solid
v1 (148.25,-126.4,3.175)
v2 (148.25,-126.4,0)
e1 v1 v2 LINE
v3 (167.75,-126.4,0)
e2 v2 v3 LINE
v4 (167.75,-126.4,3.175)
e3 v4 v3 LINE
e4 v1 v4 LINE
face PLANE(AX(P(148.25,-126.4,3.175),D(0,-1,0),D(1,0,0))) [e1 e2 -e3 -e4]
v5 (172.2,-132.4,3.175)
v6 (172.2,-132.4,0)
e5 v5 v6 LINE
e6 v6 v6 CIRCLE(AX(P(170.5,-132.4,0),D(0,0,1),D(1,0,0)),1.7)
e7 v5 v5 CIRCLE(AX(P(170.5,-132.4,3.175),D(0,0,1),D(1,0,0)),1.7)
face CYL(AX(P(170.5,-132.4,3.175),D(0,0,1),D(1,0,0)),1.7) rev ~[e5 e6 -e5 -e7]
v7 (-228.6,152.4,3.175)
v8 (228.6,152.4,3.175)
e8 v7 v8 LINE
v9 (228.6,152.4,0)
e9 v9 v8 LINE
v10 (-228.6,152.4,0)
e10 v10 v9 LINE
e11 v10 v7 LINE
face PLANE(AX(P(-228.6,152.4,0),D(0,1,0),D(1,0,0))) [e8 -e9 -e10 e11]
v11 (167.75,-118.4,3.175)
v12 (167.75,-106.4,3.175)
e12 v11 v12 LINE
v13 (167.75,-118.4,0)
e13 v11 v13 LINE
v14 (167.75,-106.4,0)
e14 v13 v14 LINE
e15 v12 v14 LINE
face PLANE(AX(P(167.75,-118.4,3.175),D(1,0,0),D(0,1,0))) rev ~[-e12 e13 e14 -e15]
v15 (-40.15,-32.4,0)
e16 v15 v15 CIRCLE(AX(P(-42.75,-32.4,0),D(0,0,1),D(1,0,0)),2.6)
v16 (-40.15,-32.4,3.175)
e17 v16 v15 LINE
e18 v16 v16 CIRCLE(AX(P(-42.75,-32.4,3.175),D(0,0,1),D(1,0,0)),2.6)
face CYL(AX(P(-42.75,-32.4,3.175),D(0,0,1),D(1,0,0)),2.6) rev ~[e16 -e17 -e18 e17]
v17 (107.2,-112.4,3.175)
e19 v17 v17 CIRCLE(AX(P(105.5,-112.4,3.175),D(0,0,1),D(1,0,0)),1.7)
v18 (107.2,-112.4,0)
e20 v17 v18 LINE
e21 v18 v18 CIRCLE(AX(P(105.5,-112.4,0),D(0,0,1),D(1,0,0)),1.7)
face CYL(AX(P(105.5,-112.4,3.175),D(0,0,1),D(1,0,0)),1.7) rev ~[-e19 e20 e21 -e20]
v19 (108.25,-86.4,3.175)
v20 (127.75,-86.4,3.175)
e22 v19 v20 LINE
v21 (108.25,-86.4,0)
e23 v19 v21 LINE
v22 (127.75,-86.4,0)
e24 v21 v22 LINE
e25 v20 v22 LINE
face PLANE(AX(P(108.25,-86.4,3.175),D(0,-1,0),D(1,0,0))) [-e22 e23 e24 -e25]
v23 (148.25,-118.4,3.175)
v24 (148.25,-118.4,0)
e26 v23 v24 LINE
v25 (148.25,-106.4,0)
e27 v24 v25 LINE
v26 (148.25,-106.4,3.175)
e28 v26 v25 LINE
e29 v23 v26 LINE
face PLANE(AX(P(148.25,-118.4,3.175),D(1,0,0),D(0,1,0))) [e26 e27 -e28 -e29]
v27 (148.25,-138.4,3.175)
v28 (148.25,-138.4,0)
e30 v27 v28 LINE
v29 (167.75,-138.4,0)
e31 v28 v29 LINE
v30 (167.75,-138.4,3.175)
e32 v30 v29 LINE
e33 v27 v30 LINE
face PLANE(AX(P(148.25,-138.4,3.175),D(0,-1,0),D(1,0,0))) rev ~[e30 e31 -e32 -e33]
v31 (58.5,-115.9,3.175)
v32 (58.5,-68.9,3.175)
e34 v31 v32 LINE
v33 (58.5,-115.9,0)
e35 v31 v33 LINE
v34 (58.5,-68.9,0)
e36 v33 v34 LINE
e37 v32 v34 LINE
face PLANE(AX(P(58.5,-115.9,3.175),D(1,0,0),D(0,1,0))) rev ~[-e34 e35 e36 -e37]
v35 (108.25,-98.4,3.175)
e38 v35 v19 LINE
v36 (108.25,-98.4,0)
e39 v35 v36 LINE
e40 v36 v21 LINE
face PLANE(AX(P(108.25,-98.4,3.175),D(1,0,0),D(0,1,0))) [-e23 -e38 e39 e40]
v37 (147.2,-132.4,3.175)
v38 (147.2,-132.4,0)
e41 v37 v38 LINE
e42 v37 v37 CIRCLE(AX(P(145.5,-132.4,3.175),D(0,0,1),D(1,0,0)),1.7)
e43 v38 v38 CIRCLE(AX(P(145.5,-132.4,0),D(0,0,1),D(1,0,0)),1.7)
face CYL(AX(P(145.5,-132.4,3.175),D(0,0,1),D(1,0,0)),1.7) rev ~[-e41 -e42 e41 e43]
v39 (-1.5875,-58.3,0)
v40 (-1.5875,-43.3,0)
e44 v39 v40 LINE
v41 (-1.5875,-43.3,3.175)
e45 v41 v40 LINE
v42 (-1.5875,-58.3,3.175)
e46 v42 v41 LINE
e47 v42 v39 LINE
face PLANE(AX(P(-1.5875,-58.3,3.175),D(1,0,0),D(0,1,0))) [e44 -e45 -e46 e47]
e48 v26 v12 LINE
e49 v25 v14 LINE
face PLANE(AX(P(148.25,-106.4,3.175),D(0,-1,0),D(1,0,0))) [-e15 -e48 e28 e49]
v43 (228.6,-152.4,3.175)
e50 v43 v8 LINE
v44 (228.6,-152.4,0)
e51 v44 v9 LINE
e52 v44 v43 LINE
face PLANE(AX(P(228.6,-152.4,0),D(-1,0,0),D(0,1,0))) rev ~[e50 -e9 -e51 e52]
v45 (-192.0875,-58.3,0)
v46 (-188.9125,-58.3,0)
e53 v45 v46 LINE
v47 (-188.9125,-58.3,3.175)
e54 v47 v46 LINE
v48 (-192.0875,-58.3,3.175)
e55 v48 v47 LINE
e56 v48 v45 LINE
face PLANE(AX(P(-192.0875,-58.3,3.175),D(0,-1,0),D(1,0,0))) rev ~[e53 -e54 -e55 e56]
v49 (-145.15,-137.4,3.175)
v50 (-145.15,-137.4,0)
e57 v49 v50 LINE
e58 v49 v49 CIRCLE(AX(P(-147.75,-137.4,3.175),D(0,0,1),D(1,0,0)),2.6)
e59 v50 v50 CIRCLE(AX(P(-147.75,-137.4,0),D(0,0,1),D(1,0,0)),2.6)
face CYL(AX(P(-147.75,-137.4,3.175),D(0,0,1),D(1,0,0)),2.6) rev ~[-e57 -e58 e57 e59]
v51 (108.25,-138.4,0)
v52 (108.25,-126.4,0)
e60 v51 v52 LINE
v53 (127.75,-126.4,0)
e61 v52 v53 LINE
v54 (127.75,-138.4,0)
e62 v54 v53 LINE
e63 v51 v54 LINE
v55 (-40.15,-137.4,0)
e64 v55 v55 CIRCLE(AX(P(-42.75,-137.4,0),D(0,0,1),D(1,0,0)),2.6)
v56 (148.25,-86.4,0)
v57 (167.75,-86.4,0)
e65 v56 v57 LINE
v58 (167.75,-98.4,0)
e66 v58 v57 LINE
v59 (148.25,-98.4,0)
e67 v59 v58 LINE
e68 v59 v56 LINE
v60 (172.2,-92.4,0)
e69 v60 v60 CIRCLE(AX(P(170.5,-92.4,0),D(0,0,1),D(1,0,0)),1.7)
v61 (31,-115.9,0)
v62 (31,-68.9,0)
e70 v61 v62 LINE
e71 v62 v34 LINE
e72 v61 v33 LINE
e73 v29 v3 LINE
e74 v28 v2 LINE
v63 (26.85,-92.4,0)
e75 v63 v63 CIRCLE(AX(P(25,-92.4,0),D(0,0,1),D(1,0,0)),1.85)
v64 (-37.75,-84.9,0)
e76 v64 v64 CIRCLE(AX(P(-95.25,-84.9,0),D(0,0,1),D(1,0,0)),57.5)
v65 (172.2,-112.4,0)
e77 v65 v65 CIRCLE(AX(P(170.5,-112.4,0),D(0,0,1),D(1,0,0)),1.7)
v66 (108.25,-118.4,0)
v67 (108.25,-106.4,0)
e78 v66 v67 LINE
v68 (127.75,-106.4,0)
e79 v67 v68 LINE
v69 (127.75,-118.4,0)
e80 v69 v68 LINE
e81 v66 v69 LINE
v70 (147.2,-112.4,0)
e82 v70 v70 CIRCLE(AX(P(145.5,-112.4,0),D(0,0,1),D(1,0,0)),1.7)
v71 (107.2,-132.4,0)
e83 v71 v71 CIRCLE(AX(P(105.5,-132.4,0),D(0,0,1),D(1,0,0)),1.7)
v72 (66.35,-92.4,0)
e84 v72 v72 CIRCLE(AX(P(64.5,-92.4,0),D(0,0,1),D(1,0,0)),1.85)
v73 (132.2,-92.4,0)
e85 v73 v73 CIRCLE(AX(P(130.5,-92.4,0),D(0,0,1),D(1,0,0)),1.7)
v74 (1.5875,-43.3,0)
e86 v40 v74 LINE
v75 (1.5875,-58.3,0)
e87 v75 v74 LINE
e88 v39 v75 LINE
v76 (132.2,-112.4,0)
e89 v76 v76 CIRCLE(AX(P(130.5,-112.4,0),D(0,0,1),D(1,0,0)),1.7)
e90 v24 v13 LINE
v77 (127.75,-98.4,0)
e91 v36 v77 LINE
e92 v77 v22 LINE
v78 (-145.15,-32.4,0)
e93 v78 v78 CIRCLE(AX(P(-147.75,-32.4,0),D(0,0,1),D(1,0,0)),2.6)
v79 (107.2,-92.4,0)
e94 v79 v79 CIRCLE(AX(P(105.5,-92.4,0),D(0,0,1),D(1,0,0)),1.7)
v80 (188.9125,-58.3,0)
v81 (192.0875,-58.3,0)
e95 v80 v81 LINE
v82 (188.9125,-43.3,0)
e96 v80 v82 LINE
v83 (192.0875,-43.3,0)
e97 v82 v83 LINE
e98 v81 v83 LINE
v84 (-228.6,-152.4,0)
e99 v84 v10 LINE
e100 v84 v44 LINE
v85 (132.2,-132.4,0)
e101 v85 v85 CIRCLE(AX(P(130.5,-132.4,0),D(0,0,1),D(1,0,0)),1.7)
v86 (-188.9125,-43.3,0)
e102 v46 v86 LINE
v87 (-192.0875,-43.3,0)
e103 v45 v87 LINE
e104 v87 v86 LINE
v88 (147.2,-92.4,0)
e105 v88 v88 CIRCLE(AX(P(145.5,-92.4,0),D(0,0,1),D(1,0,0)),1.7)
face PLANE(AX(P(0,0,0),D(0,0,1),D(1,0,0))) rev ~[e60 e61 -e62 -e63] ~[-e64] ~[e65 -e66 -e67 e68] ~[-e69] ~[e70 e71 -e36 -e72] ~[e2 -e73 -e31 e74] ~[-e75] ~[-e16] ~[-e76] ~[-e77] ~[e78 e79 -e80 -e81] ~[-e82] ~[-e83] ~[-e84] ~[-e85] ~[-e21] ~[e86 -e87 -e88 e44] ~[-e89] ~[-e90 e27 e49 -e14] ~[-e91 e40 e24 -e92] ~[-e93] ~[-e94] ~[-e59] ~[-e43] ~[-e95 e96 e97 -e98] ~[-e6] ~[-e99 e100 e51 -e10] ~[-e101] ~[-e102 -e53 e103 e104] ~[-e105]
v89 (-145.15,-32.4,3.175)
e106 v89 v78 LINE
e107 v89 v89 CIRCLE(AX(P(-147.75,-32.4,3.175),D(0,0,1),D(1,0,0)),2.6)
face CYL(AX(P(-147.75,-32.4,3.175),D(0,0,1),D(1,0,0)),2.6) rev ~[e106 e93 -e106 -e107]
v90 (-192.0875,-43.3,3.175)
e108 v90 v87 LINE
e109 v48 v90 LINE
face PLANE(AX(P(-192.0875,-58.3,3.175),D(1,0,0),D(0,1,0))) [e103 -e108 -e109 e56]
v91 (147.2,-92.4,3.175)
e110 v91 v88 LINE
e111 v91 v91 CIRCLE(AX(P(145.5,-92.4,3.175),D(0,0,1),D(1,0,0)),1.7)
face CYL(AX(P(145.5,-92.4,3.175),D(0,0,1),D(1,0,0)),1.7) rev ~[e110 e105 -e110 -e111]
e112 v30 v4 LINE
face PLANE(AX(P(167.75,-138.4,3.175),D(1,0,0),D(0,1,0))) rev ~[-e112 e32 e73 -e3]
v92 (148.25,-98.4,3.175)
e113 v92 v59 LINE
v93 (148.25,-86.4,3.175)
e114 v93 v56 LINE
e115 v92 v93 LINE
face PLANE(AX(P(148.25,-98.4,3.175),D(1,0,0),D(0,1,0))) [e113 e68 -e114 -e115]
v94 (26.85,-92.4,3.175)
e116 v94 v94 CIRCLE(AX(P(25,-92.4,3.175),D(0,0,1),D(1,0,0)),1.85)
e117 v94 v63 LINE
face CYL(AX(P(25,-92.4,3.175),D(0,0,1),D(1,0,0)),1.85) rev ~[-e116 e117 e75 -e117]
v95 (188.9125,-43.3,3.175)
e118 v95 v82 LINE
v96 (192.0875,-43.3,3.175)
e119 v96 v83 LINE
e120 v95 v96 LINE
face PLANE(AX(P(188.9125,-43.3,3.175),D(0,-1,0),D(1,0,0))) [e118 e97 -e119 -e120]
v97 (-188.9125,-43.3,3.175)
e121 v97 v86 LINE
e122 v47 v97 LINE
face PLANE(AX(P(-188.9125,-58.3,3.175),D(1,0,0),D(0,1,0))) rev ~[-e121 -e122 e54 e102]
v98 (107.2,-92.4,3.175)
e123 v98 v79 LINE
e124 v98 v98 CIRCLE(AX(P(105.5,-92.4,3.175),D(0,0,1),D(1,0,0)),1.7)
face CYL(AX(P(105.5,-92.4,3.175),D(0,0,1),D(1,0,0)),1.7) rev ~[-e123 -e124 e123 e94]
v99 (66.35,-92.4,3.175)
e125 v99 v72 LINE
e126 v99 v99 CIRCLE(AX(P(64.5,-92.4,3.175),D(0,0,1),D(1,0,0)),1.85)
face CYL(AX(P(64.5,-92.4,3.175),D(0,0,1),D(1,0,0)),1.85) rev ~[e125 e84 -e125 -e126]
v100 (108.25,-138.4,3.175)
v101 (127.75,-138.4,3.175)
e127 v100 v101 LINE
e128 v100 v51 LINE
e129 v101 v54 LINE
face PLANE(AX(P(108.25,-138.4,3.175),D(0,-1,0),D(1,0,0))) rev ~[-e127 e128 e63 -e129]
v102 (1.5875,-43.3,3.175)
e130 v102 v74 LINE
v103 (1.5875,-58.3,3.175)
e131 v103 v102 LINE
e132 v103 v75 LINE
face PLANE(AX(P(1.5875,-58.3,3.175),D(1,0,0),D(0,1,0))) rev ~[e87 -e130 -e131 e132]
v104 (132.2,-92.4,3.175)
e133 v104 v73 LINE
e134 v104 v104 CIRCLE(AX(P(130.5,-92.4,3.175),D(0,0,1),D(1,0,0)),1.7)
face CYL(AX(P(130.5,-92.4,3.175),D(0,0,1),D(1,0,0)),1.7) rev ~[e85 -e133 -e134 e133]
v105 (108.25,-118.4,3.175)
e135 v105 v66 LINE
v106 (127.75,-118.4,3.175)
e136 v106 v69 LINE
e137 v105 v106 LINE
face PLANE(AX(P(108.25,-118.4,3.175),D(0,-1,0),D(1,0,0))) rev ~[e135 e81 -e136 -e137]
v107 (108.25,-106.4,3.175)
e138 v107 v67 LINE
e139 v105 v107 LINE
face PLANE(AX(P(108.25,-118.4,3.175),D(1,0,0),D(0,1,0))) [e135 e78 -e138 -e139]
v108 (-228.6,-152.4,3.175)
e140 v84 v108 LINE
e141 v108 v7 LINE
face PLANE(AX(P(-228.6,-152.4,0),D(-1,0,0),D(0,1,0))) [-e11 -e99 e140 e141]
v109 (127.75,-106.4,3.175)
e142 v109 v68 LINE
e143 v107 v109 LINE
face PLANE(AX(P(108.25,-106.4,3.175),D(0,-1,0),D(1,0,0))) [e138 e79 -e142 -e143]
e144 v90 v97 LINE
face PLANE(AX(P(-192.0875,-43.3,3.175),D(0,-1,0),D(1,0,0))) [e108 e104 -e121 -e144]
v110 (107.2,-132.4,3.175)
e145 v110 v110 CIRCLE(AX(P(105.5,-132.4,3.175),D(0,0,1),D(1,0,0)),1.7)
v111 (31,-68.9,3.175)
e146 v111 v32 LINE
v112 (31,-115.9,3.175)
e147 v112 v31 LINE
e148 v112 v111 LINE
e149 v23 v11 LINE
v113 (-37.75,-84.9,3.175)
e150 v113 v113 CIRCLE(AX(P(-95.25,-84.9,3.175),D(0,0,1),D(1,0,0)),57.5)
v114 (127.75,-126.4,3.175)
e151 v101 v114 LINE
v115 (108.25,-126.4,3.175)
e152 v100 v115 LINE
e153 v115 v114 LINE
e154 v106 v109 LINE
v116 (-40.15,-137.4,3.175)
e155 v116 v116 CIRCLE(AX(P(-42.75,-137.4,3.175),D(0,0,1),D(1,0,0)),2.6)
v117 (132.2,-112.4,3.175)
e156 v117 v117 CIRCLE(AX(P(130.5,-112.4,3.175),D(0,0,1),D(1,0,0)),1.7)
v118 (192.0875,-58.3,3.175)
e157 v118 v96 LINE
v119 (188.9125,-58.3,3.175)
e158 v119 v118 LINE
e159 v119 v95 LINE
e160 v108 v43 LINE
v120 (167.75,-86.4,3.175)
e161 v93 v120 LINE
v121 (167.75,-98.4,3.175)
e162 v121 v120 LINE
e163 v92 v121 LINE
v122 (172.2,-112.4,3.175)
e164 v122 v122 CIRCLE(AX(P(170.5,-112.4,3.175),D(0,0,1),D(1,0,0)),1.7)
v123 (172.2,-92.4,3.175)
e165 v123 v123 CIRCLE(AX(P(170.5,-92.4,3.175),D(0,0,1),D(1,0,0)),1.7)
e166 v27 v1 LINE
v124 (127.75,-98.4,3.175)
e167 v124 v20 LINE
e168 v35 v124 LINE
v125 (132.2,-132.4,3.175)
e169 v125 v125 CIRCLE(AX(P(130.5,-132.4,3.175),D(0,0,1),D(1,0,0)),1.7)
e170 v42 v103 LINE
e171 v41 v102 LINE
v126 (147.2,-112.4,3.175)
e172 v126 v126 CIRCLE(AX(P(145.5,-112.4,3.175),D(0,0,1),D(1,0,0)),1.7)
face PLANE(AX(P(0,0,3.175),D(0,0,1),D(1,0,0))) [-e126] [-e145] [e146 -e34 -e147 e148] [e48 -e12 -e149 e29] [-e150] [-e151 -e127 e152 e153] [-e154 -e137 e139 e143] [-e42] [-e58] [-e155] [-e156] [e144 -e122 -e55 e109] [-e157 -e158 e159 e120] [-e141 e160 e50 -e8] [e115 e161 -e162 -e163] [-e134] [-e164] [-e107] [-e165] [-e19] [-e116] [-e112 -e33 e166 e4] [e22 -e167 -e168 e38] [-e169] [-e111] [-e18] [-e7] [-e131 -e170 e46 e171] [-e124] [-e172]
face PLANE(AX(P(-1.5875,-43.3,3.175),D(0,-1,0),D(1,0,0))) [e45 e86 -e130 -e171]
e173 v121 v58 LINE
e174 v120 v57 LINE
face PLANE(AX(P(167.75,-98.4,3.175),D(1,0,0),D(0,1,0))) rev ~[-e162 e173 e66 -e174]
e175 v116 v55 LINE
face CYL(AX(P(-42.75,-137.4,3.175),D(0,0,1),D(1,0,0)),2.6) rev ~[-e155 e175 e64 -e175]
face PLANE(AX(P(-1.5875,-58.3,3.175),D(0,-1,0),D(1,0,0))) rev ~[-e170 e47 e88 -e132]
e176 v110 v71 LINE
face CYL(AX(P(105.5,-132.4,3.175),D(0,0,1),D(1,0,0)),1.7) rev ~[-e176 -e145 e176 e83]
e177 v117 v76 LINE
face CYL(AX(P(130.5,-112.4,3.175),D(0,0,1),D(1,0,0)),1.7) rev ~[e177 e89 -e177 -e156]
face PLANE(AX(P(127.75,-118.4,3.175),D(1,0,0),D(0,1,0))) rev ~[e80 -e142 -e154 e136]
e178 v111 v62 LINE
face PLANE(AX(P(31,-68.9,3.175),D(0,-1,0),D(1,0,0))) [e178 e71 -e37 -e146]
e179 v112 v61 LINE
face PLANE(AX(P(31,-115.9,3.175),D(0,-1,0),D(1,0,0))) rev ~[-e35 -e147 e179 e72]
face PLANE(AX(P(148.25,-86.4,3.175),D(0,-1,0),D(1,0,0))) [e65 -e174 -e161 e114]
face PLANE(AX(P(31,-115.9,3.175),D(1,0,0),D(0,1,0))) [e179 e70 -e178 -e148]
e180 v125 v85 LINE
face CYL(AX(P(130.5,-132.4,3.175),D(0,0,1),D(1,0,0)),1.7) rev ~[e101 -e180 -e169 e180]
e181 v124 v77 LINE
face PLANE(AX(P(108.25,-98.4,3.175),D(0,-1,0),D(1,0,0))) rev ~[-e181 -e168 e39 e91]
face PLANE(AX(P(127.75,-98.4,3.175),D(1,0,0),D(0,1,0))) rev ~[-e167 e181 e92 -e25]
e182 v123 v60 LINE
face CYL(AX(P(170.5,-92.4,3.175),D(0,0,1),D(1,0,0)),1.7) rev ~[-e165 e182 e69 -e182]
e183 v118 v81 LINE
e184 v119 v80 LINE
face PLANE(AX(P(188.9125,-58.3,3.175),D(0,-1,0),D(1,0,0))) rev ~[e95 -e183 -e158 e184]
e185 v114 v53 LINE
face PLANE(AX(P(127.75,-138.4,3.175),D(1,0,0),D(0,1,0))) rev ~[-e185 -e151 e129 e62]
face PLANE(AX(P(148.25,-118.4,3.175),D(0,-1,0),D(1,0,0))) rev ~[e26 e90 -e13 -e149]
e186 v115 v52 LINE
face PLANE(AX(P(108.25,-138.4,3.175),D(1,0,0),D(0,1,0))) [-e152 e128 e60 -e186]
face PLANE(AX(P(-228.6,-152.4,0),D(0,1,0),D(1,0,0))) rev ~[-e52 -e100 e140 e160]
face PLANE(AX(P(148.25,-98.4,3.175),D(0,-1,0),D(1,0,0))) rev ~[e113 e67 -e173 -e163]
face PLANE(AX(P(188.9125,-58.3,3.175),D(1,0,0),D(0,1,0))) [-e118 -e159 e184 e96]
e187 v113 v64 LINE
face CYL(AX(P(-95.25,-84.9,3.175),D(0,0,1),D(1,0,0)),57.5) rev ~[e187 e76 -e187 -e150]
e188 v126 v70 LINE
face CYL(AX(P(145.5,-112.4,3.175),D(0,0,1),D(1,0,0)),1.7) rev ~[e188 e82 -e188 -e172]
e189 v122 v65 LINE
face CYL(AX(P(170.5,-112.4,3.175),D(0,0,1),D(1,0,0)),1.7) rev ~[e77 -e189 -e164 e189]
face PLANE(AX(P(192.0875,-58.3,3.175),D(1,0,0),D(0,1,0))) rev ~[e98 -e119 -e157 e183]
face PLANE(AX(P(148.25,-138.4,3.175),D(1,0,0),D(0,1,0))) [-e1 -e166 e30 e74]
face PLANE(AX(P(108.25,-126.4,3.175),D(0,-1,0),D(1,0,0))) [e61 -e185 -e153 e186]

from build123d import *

# Parameters (mm, degrees)
SKETCH1_W           = 457.2
SKETCH1_H           = 304.8
ACRYLIC_PANEL_DEPTH = 3.175
SKETCH2_R           = 2.6
SKETCH2_R_2         = 57.5
SKETCH2_R_3         = 1.85
SKETCH2_R_4         = 1.7
SKETCH2_W           = 3.175
SKETCH2_H           = 15
SKETCH2_W_2         = 19.5
SKETCH2_H_2         = 12
SKETCH2_W_3         = 27.5
SKETCH2_H_3         = 47
CUT_EXTRUDE1_DEPTH  = 275.761352131


with BuildPart() as part:
    # Sketch1 → Acrylic Panel (new body)
    with BuildSketch(Plane.XY):
        Rectangle(SKETCH1_W, SKETCH1_H)
    extrude(amount=ACRYLIC_PANEL_DEPTH)

    # Sketch2 → Cut-Extrude1 (cut, through all)
    with BuildSketch(Plane.XY.offset(3.175)):
        with Locations((-147.75, -32.4)):
            Circle(SKETCH2_R)
        with Locations((-42.75, -32.4)):
            Circle(SKETCH2_R)
        with Locations((-147.75, -137.4)):
            Circle(SKETCH2_R)
        with Locations((-42.75, -137.4)):
            Circle(SKETCH2_R)
        with Locations((-95.25, -84.9)):
            Circle(SKETCH2_R_2)
        with Locations((25, -92.4)):
            Circle(SKETCH2_R_3)
        with Locations((64.5, -92.4)):
            Circle(SKETCH2_R_3)
        with Locations((105.5, -132.4)):
            Circle(SKETCH2_R_4)
        with Locations((130.5, -132.4)):
            Circle(SKETCH2_R_4)
        with Locations((145.5, -132.4)):
            Circle(SKETCH2_R_4)
        with Locations((170.5, -132.4)):
            Circle(SKETCH2_R_4)
        with Locations((145.5, -112.4)):
            Circle(SKETCH2_R_4)
        with Locations((170.5, -112.4)):
            Circle(SKETCH2_R_4)
        with Locations((145.5, -92.4)):
            Circle(SKETCH2_R_4)
        with Locations((170.5, -92.4)):
            Circle(SKETCH2_R_4)
        with Locations((105.5, -112.4)):
            Circle(SKETCH2_R_4)
        with Locations((130.5, -112.4)):
            Circle(SKETCH2_R_4)
        with Locations((105.5, -92.4)):
            Circle(SKETCH2_R_4)
        with Locations((130.5, -92.4)):
            Circle(SKETCH2_R_4)
        with Locations((0, -50.8)):
            Rectangle(SKETCH2_W, SKETCH2_H)
        with Locations((190.5, -50.8)):
            Rectangle(SKETCH2_W, SKETCH2_H)
        with Locations((-190.5, -50.8)):
            Rectangle(SKETCH2_W, SKETCH2_H)
        with Locations((118, -132.4)):
            Rectangle(SKETCH2_W_2, SKETCH2_H_2)
        with Locations((158, -132.4)):
            Rectangle(SKETCH2_W_2, SKETCH2_H_2)
        with Locations((158, -112.4)):
            Rectangle(SKETCH2_W_2, SKETCH2_H_2)
        with Locations((158, -92.4)):
            Rectangle(SKETCH2_W_2, SKETCH2_H_2)
        with Locations((118, -112.4)):
            Rectangle(SKETCH2_W_2, SKETCH2_H_2)
        with Locations((118, -92.4)):
            Rectangle(SKETCH2_W_2, SKETCH2_H_2)
        with Locations((44.75, -92.4)):
            Rectangle(SKETCH2_W_3, SKETCH2_H_3)
    extrude(amount=-CUT_EXTRUDE1_DEPTH, mode=Mode.SUBTRACT)


solid = part.part
